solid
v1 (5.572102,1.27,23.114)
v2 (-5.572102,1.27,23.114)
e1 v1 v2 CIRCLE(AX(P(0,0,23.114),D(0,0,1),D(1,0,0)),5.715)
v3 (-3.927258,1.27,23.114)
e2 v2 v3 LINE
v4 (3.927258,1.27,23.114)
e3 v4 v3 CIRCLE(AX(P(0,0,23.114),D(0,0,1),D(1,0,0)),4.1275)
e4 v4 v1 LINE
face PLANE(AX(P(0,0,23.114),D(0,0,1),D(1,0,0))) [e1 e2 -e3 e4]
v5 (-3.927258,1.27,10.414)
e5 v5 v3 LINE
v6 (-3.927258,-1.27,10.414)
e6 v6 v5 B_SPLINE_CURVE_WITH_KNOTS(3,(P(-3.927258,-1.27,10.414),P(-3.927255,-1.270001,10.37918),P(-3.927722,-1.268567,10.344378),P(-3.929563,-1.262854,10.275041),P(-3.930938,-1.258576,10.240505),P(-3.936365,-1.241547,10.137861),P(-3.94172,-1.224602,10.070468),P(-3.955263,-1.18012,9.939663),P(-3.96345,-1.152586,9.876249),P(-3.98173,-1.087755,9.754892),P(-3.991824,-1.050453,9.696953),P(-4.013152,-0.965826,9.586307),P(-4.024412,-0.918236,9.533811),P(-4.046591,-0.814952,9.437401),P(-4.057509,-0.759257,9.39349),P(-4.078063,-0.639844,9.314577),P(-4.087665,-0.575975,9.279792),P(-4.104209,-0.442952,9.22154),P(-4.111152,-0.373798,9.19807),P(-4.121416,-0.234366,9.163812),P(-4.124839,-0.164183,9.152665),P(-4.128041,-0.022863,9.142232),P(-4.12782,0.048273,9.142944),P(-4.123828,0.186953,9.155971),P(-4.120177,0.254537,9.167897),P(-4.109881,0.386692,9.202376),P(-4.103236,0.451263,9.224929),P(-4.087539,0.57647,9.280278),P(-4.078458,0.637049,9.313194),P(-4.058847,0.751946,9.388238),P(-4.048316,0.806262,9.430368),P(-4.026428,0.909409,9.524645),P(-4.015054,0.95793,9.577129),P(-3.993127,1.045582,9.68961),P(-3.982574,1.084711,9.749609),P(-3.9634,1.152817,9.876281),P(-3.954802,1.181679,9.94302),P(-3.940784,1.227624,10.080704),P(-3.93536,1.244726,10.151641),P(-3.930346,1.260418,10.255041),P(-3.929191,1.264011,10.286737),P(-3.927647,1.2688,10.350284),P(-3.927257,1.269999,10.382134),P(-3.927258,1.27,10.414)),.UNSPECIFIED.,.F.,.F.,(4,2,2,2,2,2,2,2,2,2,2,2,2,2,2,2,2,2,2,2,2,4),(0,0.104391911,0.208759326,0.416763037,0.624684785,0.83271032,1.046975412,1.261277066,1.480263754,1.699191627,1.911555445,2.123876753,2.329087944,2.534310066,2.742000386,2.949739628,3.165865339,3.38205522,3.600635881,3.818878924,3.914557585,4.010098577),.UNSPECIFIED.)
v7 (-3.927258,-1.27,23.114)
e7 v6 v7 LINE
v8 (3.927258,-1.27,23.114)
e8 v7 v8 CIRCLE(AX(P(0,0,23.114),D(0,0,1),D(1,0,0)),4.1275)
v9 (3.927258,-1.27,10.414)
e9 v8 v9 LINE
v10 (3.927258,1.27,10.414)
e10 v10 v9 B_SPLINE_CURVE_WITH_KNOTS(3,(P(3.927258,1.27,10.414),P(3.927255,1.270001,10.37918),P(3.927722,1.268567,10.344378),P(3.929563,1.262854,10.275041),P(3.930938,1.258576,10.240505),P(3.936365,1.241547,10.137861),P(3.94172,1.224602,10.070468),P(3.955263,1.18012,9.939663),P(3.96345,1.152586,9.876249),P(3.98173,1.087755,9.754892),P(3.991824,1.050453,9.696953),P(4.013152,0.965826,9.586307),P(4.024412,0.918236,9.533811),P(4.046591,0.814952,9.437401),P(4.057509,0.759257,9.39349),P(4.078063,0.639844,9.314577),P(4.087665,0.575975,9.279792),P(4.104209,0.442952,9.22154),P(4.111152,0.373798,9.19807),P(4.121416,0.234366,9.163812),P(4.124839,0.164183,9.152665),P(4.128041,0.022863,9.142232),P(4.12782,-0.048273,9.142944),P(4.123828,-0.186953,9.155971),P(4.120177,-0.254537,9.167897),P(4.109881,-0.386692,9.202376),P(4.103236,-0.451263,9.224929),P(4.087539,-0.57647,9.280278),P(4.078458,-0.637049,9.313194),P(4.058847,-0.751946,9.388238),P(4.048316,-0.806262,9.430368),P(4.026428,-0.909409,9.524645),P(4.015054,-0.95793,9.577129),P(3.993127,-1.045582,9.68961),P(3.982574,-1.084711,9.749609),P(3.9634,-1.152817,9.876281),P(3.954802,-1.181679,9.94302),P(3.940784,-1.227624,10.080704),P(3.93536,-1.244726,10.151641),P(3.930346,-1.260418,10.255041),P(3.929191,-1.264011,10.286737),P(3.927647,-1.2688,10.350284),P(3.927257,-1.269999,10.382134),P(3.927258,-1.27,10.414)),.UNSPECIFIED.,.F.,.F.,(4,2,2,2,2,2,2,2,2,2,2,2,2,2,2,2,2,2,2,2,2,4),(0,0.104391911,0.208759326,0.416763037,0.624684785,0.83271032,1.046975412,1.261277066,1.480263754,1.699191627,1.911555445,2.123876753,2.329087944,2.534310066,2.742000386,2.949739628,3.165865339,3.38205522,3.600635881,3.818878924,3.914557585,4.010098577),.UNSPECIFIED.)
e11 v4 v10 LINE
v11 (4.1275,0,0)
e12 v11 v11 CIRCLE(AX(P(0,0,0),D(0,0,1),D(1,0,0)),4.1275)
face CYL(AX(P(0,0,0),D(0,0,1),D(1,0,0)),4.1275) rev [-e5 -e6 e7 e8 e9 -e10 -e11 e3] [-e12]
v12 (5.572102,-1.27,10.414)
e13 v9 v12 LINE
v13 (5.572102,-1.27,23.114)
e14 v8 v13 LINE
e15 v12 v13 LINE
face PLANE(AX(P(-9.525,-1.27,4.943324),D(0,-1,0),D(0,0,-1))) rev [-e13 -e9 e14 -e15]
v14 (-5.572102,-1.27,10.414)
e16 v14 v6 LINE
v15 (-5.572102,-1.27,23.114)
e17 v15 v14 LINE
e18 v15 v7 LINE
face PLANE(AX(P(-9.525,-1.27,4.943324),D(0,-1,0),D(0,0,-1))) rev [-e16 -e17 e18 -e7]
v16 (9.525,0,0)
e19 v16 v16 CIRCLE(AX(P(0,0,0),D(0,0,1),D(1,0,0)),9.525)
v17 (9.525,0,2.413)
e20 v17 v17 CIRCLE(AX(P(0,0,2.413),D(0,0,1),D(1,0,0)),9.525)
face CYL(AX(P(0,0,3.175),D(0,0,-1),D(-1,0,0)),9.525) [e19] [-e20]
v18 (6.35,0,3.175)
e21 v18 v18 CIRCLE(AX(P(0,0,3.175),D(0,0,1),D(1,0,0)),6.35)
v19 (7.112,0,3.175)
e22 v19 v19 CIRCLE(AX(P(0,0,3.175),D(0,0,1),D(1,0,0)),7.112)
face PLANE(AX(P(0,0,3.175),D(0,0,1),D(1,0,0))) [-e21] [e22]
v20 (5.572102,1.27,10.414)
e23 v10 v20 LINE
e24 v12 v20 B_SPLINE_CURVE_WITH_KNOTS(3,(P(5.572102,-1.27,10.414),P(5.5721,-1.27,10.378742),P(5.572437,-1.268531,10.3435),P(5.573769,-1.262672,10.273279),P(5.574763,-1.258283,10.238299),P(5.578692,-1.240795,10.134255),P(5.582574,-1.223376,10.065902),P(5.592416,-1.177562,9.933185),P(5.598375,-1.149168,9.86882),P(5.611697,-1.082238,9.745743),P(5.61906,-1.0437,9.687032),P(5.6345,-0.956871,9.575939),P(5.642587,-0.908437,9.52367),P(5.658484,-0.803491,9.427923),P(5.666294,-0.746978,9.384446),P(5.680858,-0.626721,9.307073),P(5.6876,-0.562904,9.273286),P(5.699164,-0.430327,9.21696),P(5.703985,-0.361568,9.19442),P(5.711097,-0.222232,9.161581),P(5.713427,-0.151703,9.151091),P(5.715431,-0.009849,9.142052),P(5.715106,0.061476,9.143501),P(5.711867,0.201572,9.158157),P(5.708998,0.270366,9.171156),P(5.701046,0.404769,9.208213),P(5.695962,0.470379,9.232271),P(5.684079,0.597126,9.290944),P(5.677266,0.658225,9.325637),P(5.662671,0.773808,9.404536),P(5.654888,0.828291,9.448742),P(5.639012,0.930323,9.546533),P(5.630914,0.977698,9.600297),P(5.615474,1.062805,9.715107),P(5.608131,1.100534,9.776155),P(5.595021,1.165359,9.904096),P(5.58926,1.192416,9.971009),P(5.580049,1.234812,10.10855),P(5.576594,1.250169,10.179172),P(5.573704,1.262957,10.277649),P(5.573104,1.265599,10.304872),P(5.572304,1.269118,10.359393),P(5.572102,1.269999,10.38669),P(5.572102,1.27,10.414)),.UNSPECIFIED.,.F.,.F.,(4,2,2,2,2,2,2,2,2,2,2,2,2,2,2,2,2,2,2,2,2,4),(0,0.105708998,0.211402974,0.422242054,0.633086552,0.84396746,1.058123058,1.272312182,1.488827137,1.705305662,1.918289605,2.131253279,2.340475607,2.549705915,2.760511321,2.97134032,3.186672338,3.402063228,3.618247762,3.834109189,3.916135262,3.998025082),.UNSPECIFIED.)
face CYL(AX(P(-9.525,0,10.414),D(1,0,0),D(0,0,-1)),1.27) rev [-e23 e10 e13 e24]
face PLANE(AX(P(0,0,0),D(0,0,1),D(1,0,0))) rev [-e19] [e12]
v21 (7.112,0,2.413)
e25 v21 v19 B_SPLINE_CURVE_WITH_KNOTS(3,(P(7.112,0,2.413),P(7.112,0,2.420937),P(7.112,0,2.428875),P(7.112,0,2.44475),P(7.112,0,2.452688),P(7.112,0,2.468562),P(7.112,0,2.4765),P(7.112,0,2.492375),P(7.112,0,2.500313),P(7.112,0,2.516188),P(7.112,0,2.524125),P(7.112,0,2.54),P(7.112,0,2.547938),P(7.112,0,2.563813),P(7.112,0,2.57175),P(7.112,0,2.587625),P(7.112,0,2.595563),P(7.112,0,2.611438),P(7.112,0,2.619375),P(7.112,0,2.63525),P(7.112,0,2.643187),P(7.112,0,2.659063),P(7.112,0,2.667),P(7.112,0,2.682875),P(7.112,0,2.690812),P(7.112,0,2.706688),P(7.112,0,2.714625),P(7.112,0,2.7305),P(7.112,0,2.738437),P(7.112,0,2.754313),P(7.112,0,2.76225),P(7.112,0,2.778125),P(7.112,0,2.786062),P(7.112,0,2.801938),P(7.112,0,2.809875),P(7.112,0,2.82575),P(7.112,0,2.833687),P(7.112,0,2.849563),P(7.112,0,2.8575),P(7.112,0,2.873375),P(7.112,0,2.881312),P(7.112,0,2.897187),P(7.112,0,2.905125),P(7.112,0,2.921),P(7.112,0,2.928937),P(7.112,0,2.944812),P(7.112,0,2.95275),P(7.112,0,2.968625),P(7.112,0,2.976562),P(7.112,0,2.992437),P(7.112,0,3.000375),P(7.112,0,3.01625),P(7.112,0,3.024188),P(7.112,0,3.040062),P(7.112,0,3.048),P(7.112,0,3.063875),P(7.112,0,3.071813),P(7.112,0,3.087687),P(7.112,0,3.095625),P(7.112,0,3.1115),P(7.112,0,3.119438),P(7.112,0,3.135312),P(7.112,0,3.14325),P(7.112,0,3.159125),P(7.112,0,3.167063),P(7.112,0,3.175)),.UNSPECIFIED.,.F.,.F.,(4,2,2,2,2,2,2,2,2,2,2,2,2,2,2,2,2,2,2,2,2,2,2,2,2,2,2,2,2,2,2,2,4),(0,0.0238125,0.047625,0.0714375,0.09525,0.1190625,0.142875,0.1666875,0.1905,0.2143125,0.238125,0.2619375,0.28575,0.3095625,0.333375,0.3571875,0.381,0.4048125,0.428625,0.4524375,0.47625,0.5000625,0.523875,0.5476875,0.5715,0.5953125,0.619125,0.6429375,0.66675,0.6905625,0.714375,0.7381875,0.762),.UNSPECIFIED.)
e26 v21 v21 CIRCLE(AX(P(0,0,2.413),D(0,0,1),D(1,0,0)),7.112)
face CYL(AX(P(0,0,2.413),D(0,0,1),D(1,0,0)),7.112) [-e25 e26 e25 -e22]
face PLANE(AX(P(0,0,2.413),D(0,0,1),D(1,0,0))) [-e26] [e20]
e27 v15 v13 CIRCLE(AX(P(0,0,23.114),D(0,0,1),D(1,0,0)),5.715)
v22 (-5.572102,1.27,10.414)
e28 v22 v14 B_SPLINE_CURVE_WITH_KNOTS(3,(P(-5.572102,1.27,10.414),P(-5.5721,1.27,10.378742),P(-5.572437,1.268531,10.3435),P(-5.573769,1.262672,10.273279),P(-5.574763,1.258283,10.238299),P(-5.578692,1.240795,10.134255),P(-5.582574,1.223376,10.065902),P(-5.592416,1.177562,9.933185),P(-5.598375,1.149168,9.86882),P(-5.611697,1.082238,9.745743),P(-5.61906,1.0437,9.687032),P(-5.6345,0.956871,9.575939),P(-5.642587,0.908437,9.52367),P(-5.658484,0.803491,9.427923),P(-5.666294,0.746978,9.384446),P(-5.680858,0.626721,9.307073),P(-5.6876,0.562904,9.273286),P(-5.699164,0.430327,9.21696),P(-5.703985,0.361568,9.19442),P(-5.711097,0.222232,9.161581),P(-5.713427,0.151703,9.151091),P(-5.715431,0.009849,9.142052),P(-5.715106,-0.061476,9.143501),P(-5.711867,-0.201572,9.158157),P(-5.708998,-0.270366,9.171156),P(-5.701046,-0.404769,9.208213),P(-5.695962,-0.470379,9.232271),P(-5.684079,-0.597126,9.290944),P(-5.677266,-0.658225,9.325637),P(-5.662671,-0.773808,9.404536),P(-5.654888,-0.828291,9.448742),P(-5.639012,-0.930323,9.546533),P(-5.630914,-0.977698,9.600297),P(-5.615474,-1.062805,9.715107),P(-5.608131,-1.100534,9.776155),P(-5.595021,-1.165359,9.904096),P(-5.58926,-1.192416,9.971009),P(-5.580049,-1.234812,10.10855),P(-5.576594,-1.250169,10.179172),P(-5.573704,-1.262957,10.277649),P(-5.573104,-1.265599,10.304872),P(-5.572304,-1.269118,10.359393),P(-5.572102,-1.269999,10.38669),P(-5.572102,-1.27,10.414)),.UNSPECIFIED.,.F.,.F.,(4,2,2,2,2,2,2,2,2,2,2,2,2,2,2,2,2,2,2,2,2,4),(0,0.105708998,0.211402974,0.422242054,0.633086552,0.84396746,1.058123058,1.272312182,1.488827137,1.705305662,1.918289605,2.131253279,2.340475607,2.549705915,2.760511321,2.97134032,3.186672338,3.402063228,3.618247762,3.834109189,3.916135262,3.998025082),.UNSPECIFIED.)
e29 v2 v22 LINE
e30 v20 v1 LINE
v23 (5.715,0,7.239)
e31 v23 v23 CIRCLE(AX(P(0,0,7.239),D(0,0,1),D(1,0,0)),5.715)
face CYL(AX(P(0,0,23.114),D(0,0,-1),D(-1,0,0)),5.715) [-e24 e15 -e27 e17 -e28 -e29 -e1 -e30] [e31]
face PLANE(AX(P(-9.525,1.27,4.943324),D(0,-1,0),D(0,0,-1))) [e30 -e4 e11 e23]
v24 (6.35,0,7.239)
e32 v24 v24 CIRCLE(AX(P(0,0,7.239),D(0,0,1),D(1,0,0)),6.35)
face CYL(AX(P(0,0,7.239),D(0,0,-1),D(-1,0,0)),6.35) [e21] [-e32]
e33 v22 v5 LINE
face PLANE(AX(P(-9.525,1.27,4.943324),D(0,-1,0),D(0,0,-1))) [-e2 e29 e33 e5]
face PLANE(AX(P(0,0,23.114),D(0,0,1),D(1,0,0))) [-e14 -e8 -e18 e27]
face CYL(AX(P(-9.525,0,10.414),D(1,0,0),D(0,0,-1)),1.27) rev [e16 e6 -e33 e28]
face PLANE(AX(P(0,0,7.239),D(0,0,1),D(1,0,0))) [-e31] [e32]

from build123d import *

# Parameters (mm, degrees)
SKETCH1_R           = 9.525
BOSS_EXTRUDE1_DEPTH = 3.175
SKETCH2_R           = 6.35
BOSS_EXTRUDE2_DEPTH = 4.064
SKETCH3_R           = 5.715
BOSS_EXTRUDE3_DEPTH = 15.875
SKETCH4_R           = 4.1275
CUT_EXTRUDE1_DEPTH  = 27.752724086
SKETCH5_W           = 12.7
SKETCH5_H           = 2.54
CUT_EXTRUDE2_DEPTH  = 9.525
CUT_EXTRUDE4_START  = -0.762
SKETCH7_R           = 9.525
SKETCH7_R_2         = 7.112
CUT_EXTRUDE4_DEPTH  = 0.762


with BuildPart() as part:
    # Sketch1 → Boss-Extrude1 (new body)
    with BuildSketch(Plane.XY):
        Circle(SKETCH1_R)
    extrude(amount=BOSS_EXTRUDE1_DEPTH)

    # Sketch2 → Boss-Extrude2 (add)
    with BuildSketch(Plane.XY.offset(3.175)):
        Circle(SKETCH2_R)
    extrude(amount=BOSS_EXTRUDE2_DEPTH)

    # Sketch3 → Boss-Extrude3 (add)
    with BuildSketch(Plane.XY.offset(7.239)):
        Circle(SKETCH3_R)
    extrude(amount=BOSS_EXTRUDE3_DEPTH)

    # Sketch4 → Cut-Extrude1 (cut, through all)
    with BuildSketch(Plane.XY.offset(23.114)):
        Circle(SKETCH4_R)
    extrude(amount=-CUT_EXTRUDE1_DEPTH, mode=Mode.SUBTRACT)

    # Sketch5 → Cut-Extrude2 (cut, symmetric)
    with BuildSketch(Plane(origin=(0, 0, 0), x_dir=(0, 0, -1), z_dir=(1, 0, 0))):
        with Locations((-16.764, 0)):
            Rectangle(SKETCH5_W, SKETCH5_H)
        with BuildLine():
            ThreePointArc((-10.414, 1.27), (-9.144, 0), (-10.414, -1.27))
            Line((-10.414, -1.27), (-10.414, 1.27))
        make_face()
    extrude(amount=CUT_EXTRUDE2_DEPTH, both=True, mode=Mode.SUBTRACT)

    # Sketch7 → Cut-Extrude4 (cut)
    with BuildSketch(Plane.XY.offset(3.175).offset(CUT_EXTRUDE4_START)):
        Circle(SKETCH7_R)
        Circle(SKETCH7_R_2, mode=Mode.SUBTRACT)
    extrude(amount=CUT_EXTRUDE4_DEPTH, mode=Mode.SUBTRACT)


solid = part.part
